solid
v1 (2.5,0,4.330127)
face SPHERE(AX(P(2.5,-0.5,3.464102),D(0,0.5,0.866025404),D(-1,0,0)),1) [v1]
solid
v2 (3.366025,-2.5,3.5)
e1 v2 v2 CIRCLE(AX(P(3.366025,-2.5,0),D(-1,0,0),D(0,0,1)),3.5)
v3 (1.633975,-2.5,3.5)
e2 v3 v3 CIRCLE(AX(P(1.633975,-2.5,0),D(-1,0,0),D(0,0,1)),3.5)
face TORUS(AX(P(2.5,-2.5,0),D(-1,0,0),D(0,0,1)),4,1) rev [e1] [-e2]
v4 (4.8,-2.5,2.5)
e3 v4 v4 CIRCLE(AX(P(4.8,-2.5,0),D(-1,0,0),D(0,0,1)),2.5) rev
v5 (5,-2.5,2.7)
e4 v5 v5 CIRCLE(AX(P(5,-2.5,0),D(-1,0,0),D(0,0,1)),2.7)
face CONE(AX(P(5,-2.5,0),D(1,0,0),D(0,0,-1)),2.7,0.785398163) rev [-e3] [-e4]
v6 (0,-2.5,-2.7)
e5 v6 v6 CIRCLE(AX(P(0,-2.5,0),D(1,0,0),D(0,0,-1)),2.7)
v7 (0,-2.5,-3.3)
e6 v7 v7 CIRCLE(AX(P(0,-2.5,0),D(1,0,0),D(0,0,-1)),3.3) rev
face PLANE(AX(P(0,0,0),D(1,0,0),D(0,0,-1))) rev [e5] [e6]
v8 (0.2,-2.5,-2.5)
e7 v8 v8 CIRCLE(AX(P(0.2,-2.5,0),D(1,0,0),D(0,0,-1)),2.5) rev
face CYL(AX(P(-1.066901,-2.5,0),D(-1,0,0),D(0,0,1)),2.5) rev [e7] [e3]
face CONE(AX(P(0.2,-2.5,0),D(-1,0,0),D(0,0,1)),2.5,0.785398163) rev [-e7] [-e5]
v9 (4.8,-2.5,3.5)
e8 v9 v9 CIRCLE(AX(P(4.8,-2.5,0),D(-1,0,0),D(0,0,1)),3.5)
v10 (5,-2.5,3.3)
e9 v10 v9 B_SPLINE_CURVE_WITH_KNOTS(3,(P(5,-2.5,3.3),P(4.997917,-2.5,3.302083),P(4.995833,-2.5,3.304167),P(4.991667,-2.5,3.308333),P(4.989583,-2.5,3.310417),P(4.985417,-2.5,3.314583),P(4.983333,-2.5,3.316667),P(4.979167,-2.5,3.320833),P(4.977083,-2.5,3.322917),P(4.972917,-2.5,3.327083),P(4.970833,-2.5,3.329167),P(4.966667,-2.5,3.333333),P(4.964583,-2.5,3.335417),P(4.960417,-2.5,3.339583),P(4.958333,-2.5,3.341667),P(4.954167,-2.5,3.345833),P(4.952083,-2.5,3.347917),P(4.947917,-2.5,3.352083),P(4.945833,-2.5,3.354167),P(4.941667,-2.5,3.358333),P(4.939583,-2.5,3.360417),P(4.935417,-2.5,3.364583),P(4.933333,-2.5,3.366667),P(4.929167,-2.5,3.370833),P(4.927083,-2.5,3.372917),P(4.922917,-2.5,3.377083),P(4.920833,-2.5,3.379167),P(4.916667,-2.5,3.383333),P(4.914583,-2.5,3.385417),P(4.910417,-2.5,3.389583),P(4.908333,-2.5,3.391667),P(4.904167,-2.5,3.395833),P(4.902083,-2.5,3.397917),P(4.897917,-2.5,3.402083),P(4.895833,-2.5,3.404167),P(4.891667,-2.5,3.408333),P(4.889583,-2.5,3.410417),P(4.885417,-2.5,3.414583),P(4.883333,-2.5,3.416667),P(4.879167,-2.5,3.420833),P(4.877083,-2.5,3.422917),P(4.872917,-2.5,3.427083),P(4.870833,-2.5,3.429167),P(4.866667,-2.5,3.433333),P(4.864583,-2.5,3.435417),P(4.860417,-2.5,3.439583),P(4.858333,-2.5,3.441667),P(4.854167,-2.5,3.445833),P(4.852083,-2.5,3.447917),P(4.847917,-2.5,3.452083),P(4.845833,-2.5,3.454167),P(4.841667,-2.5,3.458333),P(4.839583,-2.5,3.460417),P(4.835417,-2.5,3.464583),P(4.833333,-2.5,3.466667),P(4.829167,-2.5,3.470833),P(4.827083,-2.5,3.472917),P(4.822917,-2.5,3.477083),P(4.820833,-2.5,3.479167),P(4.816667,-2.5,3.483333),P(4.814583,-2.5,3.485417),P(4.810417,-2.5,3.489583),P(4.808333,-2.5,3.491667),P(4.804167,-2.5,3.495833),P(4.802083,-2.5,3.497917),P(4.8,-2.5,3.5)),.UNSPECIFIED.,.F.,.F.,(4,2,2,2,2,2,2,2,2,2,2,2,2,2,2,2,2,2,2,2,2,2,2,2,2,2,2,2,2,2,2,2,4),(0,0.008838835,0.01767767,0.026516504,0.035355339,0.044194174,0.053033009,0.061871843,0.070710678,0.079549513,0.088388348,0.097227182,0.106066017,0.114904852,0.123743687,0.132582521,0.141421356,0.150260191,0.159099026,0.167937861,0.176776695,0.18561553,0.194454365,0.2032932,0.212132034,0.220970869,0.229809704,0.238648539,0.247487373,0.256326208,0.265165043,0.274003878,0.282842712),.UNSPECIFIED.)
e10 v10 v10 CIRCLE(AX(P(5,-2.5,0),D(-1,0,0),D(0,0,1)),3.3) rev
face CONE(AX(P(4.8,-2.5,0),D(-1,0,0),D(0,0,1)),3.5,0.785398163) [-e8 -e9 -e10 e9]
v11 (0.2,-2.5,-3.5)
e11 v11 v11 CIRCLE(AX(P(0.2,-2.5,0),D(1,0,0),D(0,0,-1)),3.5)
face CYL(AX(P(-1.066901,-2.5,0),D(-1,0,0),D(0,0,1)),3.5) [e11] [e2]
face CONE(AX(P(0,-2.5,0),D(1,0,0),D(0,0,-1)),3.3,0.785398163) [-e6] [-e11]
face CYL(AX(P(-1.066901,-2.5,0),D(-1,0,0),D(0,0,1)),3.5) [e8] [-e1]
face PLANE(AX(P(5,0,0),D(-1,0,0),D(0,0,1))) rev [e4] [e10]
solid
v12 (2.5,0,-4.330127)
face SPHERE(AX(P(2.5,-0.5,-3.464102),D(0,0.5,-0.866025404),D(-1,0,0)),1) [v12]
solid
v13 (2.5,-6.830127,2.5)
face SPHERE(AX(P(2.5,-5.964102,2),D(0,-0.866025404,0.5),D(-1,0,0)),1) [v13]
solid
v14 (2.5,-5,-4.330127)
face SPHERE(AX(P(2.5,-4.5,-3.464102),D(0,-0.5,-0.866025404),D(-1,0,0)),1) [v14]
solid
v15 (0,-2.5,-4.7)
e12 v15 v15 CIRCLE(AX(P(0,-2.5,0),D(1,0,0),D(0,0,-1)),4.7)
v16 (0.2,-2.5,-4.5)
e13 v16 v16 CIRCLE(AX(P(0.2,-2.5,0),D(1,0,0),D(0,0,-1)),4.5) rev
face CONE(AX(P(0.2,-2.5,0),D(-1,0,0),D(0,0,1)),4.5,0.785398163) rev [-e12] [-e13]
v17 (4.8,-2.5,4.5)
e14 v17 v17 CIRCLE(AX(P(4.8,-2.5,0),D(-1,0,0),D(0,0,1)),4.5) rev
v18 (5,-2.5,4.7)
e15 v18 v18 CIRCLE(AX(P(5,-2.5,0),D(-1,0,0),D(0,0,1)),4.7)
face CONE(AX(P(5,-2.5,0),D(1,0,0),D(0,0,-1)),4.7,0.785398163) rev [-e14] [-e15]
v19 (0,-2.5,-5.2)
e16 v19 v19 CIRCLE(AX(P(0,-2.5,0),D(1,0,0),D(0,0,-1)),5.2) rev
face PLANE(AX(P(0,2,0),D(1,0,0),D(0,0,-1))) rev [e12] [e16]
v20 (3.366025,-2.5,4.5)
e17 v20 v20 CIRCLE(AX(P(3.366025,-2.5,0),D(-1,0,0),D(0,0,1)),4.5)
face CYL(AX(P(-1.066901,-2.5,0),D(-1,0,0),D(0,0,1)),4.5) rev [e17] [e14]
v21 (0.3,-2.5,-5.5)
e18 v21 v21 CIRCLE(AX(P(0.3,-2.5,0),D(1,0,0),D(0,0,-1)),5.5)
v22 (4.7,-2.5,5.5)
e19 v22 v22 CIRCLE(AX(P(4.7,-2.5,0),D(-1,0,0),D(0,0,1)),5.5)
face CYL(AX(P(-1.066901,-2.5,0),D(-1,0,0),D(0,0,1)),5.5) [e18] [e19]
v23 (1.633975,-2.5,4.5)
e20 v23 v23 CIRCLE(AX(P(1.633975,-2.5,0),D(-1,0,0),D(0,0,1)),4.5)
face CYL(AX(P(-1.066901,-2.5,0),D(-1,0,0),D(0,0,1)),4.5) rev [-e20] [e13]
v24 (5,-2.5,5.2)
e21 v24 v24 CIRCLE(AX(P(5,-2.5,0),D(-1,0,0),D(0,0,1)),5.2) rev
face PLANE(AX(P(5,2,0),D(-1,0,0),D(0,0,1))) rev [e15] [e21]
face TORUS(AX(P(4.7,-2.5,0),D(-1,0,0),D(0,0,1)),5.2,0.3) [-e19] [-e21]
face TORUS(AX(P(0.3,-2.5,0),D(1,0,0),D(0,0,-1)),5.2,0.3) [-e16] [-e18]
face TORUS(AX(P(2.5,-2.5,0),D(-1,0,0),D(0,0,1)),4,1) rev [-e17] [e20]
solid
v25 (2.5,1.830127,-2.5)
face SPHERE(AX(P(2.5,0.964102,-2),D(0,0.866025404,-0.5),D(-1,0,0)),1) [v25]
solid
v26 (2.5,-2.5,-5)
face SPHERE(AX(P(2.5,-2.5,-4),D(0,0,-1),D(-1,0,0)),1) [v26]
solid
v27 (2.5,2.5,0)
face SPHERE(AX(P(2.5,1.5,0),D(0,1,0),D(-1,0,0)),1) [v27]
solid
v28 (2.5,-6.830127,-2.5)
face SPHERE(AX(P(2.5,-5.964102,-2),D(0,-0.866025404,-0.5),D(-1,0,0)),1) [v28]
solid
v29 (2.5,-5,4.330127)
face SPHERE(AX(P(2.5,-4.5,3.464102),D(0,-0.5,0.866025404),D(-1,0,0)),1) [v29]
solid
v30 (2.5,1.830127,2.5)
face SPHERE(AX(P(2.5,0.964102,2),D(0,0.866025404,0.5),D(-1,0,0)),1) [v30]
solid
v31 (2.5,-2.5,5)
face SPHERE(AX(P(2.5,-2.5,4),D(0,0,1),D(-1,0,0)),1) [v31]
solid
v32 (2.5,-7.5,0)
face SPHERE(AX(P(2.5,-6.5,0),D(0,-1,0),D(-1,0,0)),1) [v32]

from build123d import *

# Parameters (mm, degrees)
PATTERN_CIRCULAR_5_COUNT = 12
FILLET_1_R               = 0.3
CHAMFER_1_SIZE           = 0.2
CHAMFER_2_SIZE           = 0.2
CHAMFER_3_SIZE           = 0.2


with BuildPart() as part:
    # Эскиз1 → Повернуть1 (revolve)
    with BuildSketch(Plane.XY, mode=Mode.PRIVATE) as revolve_1_sk:
        with BuildLine():
            Line((0, 0), (5, 0))
            Line((5, 0), (5, 1))
            Line((5, 1), (3.366025404, 1))
            ThreePointArc((3.366025404, 1), (2.5, 0.5), (1.633974596, 1))
            Line((1.633974596, 1), (0, 1))
            Line((0, 1), (0, 0))
        make_face()
        with BuildLine():
            Line((0, 2), (1.633974596, 2))
            ThreePointArc((1.633974596, 2), (2.5, 2.5), (3.366025404, 2))
            Line((3.366025404, 2), (5, 2))
            Line((5, 2), (5, 3))
            Line((5, 3), (0, 3))
            Line((0, 3), (0, 2))
        make_face()
    revolve(revolve_1_sk.sketch.rotate(Axis((-1.066901408, -2.5, 0), (1, 0, 0)), 90), axis=Axis((-1.066901408, -2.5, 0), (1, 0, 0)))

    # Скругление1
    fillet_1_edges = [part.edges().sort_by_distance(p)[0] for p in [
        (0, -2.5, -5.5),
        (5, -2.5, -5.5),
    ]]
    fillet(fillet_1_edges, radius=FILLET_1_R)

    # Фаска1
    chamfer_1_edges = [part.edges().sort_by_distance(p)[0] for p in [
        (5, -2.5, -2.5),
        (0, -2.5, -2.5),
    ]]
    chamfer(chamfer_1_edges, length=CHAMFER_1_SIZE)

    # Фаска2
    chamfer_2_edges = [part.edges().sort_by_distance(p)[0] for p in [
        (0, -2.5, -3.5),
        (5, -2.5, -3.5),
    ]]
    chamfer(chamfer_2_edges, length=CHAMFER_2_SIZE)

    # Фаска3
    chamfer_3_edges = [part.edges().sort_by_distance(p)[0] for p in [
        (5, -2.5, -4.5),
        (0, -2.5, -4.5),
    ]]
    chamfer(chamfer_3_edges, length=CHAMFER_3_SIZE)


with BuildPart() as body_2:
    # Эскиз2 → Повернуть2 (revolve)
    with BuildSketch(Plane.XY):
        with BuildLine():
            Line((2.5, 2.5), (2.5, 0.5))
            ThreePointArc((2.5, 0.5), (1.5, 1.5), (2.5, 2.5))
        make_face()
    revolve(axis=Axis((2.5, 2.5, 0), (0, -1, 0)))


with BuildPart() as pattern_circular_5_1:
    # Круговой массив5: pattern copy
    add(body_2.part.rotate(Axis((0, -2.5, 0), (1, 0, 0)), 1 * 360 / PATTERN_CIRCULAR_5_COUNT))


with BuildPart() as pattern_circular_5_2:
    # Круговой массив5: pattern copy
    add(body_2.part.rotate(Axis((0, -2.5, 0), (1, 0, 0)), 2 * 360 / PATTERN_CIRCULAR_5_COUNT))


with BuildPart() as pattern_circular_5_3:
    # Круговой массив5: pattern copy
    add(body_2.part.rotate(Axis((0, -2.5, 0), (1, 0, 0)), 3 * 360 / PATTERN_CIRCULAR_5_COUNT))


with BuildPart() as pattern_circular_5_4:
    # Круговой массив5: pattern copy
    add(body_2.part.rotate(Axis((0, -2.5, 0), (1, 0, 0)), 4 * 360 / PATTERN_CIRCULAR_5_COUNT))


with BuildPart() as pattern_circular_5_5:
    # Круговой массив5: pattern copy
    add(body_2.part.rotate(Axis((0, -2.5, 0), (1, 0, 0)), 5 * 360 / PATTERN_CIRCULAR_5_COUNT))


with BuildPart() as pattern_circular_5_6:
    # Круговой массив5: pattern copy
    add(body_2.part.rotate(Axis((0, -2.5, 0), (1, 0, 0)), 6 * 360 / PATTERN_CIRCULAR_5_COUNT))


with BuildPart() as pattern_circular_5_7:
    # Круговой массив5: pattern copy
    add(body_2.part.rotate(Axis((0, -2.5, 0), (1, 0, 0)), 7 * 360 / PATTERN_CIRCULAR_5_COUNT))


with BuildPart() as pattern_circular_5_8:
    # Круговой массив5: pattern copy
    add(body_2.part.rotate(Axis((0, -2.5, 0), (1, 0, 0)), 8 * 360 / PATTERN_CIRCULAR_5_COUNT))


with BuildPart() as pattern_circular_5_9:
    # Круговой массив5: pattern copy
    add(body_2.part.rotate(Axis((0, -2.5, 0), (1, 0, 0)), 9 * 360 / PATTERN_CIRCULAR_5_COUNT))


with BuildPart() as pattern_circular_5_10:
    # Круговой массив5: pattern copy
    add(body_2.part.rotate(Axis((0, -2.5, 0), (1, 0, 0)), 10 * 360 / PATTERN_CIRCULAR_5_COUNT))


with BuildPart() as pattern_circular_5_11:
    # Круговой массив5: pattern copy
    add(body_2.part.rotate(Axis((0, -2.5, 0), (1, 0, 0)), 11 * 360 / PATTERN_CIRCULAR_5_COUNT))


solid = Compound([part.part, body_2.part, pattern_circular_5_1.part, pattern_circular_5_2.part, pattern_circular_5_3.part, pattern_circular_5_4.part, pattern_circular_5_5.part, pattern_circular_5_6.part, pattern_circular_5_7.part, pattern_circular_5_8.part, pattern_circular_5_9.part, pattern_circular_5_10.part, pattern_circular_5_11.part])
